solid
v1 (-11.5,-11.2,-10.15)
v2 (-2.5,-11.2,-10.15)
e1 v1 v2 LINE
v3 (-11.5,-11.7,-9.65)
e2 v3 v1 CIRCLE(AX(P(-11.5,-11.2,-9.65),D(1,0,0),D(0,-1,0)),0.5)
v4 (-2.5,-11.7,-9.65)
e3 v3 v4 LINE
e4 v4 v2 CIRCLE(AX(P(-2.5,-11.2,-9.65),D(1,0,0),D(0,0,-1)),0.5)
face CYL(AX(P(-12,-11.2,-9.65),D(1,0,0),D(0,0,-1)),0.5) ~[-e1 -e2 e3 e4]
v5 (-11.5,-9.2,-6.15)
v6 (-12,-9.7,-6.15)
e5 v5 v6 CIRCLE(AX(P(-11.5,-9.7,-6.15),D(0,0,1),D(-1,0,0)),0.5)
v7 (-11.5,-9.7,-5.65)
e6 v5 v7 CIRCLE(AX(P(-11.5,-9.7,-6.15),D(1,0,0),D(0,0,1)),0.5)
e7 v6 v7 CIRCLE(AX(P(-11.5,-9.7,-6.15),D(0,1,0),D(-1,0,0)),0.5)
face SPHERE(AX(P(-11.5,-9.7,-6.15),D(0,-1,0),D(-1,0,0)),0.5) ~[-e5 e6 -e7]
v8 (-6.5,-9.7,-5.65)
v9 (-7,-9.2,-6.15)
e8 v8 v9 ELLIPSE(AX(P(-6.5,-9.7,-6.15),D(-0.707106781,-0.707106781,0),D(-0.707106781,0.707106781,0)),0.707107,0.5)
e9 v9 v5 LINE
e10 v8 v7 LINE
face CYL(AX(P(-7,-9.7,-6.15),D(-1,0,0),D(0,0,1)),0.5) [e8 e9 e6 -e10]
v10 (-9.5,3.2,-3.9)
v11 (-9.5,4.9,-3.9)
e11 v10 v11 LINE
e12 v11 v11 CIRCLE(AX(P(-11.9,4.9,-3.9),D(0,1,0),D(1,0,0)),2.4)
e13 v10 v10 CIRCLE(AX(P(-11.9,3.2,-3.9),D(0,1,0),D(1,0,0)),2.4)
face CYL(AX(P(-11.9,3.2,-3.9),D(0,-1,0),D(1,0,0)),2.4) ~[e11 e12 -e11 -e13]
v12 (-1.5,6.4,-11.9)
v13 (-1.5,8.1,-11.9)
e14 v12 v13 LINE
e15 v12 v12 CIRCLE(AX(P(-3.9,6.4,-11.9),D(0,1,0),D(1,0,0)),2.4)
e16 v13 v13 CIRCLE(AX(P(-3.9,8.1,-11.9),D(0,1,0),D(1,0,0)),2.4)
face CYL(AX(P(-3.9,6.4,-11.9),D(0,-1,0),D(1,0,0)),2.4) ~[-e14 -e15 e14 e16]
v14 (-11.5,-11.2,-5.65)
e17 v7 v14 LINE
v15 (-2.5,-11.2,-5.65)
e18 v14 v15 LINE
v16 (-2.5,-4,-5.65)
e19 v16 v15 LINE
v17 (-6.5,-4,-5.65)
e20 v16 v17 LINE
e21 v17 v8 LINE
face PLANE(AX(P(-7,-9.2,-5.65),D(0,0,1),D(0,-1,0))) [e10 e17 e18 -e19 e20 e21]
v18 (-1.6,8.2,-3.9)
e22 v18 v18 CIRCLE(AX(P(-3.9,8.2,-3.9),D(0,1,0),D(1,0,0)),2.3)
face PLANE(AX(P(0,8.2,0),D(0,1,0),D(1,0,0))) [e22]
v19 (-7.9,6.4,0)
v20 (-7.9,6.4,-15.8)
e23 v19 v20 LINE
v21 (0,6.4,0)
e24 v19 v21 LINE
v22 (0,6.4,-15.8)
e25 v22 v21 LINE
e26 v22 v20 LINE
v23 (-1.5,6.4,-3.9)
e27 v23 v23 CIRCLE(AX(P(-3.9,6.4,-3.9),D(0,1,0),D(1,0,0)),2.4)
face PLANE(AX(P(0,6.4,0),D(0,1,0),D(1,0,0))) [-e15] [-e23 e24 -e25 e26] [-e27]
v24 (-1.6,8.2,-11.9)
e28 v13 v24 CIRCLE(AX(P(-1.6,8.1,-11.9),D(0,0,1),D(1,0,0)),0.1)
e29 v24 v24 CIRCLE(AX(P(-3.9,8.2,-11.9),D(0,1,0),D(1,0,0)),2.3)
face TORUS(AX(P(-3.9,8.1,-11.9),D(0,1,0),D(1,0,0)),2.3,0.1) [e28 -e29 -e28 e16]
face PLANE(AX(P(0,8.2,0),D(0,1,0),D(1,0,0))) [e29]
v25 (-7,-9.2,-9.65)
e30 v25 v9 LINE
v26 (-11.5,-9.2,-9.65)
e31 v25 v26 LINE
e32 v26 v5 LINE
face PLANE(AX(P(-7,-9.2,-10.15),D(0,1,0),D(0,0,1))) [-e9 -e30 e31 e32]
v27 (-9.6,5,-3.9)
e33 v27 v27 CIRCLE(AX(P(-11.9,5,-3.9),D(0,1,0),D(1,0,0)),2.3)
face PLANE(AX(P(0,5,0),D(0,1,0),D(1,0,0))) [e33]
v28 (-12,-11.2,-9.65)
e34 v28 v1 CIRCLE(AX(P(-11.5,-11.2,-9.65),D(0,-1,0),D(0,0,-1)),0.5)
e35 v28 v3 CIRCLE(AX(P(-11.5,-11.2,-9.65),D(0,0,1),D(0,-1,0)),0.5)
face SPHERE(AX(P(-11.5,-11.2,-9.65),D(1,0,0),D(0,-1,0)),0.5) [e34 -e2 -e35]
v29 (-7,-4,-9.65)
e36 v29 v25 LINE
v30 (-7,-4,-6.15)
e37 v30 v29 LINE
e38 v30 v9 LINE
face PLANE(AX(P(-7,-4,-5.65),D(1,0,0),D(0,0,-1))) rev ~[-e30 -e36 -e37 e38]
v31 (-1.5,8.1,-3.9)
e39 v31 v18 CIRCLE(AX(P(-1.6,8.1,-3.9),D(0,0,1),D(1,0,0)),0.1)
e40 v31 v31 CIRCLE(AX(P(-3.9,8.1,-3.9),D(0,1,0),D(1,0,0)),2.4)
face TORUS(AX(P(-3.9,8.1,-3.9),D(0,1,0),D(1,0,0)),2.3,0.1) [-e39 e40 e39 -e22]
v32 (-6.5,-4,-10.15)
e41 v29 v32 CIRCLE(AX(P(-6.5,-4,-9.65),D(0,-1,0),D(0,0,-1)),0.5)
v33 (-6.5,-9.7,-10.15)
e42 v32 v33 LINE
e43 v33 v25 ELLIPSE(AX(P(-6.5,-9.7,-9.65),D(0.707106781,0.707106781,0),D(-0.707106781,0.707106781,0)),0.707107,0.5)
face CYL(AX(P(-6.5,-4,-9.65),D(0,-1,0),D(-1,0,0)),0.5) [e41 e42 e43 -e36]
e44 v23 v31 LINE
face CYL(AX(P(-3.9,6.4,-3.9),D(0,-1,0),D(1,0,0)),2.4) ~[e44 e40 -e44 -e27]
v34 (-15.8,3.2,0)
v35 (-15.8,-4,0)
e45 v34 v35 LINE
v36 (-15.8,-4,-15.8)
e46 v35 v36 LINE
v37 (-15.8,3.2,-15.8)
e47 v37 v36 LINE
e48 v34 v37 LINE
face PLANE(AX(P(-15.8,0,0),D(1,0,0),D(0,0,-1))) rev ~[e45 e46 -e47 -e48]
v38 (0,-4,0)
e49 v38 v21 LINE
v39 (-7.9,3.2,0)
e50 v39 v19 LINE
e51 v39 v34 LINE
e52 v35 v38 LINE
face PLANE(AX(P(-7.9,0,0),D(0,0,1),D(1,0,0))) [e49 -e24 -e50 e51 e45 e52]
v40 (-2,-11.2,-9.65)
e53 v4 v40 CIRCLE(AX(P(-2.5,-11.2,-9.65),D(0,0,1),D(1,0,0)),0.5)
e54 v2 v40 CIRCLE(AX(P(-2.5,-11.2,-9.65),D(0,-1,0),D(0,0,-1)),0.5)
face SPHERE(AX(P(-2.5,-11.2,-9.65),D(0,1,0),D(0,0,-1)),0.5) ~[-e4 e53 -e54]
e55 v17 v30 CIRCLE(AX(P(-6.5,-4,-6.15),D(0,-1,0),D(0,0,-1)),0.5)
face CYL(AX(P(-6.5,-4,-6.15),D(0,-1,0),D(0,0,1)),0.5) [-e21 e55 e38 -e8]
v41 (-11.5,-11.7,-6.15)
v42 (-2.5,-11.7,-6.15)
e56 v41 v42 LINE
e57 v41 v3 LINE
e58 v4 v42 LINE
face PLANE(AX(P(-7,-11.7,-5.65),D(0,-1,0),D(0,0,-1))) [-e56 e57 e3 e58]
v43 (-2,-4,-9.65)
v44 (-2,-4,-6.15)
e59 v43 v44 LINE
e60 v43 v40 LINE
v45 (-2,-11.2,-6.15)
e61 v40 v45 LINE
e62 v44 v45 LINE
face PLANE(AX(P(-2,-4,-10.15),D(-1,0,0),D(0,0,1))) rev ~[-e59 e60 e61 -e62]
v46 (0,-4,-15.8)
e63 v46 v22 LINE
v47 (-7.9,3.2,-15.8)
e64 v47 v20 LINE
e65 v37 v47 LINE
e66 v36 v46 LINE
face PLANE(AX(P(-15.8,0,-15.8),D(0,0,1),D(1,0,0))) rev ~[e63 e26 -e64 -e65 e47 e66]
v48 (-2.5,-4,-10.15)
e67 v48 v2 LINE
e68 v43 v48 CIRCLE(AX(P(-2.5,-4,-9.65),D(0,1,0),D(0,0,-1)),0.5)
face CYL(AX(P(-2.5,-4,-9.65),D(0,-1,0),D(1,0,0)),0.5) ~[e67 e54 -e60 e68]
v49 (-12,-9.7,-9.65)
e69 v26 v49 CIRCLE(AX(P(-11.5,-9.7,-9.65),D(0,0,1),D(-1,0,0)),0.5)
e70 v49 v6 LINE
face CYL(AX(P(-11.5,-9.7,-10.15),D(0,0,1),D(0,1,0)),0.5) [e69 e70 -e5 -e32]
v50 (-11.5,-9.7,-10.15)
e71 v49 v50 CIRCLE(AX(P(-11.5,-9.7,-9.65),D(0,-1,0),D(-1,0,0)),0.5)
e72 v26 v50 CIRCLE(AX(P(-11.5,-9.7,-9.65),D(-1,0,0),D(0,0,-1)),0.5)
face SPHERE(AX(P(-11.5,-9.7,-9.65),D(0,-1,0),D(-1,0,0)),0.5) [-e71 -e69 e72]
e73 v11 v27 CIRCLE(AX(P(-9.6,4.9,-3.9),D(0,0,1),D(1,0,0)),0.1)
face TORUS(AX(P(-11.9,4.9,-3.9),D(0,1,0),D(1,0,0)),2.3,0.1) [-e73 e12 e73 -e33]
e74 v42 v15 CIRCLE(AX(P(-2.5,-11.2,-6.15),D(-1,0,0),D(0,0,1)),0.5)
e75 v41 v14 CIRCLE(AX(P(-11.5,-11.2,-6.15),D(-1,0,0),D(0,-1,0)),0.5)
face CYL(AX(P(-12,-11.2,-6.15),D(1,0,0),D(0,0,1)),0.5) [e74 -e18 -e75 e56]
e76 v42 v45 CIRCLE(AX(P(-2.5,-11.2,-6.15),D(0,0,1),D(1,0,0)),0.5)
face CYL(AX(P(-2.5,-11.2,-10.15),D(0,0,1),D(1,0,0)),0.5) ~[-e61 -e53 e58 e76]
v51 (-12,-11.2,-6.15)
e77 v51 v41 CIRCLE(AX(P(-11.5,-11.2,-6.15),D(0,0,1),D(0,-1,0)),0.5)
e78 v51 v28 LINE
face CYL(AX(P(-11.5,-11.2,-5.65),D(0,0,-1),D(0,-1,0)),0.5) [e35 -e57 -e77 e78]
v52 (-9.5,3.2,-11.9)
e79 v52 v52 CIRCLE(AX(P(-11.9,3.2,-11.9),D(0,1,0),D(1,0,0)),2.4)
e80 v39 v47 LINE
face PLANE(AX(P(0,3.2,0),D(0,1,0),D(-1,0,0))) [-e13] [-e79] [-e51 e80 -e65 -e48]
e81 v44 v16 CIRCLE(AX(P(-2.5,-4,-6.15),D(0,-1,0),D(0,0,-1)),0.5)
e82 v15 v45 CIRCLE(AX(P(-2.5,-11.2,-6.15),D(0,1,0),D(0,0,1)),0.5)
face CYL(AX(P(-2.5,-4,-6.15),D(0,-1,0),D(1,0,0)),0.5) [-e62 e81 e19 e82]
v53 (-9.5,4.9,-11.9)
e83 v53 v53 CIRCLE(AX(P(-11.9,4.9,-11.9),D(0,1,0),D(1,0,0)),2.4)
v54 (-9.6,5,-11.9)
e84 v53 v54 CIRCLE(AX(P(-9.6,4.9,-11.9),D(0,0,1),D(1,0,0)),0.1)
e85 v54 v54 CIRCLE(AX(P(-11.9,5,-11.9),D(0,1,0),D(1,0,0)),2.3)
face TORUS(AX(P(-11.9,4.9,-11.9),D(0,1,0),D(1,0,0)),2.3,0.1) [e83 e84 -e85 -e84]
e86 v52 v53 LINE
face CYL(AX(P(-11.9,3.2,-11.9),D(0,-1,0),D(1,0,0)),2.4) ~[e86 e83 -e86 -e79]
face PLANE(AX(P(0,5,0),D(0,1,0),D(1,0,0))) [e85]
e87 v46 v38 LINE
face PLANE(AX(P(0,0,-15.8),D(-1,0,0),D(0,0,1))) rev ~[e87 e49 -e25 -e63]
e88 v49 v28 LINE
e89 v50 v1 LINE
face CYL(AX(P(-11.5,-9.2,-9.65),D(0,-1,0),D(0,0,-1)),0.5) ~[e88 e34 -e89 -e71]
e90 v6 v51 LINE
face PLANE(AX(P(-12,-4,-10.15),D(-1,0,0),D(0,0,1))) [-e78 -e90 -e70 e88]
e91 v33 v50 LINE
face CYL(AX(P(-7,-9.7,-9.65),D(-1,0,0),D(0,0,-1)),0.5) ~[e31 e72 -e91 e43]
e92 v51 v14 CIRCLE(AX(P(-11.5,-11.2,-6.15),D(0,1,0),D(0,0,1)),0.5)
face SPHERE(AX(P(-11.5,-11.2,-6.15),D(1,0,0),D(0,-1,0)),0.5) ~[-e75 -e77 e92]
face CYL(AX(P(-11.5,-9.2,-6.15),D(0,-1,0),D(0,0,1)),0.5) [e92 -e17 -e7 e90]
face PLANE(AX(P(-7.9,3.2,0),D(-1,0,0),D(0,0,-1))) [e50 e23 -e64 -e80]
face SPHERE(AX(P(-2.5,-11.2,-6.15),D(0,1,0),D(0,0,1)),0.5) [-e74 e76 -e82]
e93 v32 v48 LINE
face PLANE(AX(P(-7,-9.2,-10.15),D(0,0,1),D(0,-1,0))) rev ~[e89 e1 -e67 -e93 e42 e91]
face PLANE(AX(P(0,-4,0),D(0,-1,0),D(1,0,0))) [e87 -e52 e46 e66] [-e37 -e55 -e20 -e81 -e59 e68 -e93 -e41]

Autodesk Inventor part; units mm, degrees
ref_plane "YZ Plane" through (0, 0, 0) normal (1, 0, 0) x (0, 1, 0)
ref_plane "XZ Plane" through (0, 0, 0) normal (0, 1, 0) x (-1, 0, 0)
ref_plane "XY Plane" through (0, 0, 0) normal (0, 0, 1) x (1, 0, 0)
sketch "Sketch1" plane through (0, 0, 0) normal (0, 1, 0) x (-1, 0, 0)
  line L0 (0, 0) -> (15.8, 0)
  line L1 (15.8, 0) -> (15.8, -15.8)
  line L2 (15.8, -15.8) -> (0, -15.8)
  line L3 (0, -15.8) -> (0, 0)
  dimension "d0" = 15.8
  dimension "d1" = 15.8
extrude "Extrusion1" add sketch "Sketch1" along normal blind 3.2
sketch "Sketch2" plane through (0, 3.2, 0) normal (0, 1, 0) x (1, 0, 0)
  line L0 (-15.8, 0) -> (0, 0) projected
  line L1 (0, 15.8) -> (-15.8, 15.8) projected
  line L2 (0, 0) -> (-7.9, 0)
  line L3 (-7.9, 0) -> (-7.9, 15.8)
  line L4 (-7.9, 15.8) -> (0, 15.8)
  line L5 (0, 15.8) -> (0, 0)
  dimension "d4" = 7.9
extrude "Extrusion2" add sketch "Sketch2" along normal blind 3.2
sketch "Sketch3" plane through (0, 6.4, 0) normal (0, 1, 0) x (1, 0, 0)
  circle A0 centre (-3.9, 11.9) radius 2.4
  line L0 (0, 15.8) -> (-7.9, 15.8) projected
  line L1 (0, 0) -> (0, 15.8) projected
  line L2 (0, 7.9) -> (-7.9, 7.9) construction
  line L3 (-7.9, 15.8) -> (-7.9, 0) construction
  circle A1 centre (-3.9, 3.9) radius 2.4
  dimension "d7" = 4.8
  dimension "d8" = 3.9
  dimension "d9" = 3.9
  dimension "d10" = 8
sketch "Sketch4" plane through (0, 3.2, 0) normal (0, 1, 0) x (1, 0, 0)
  circle A0 centre (-11.9, 11.9) radius 2.4
  line L0 (-7.9, 15.8) -> (-15.8, 15.8) projected
  line L1 (-15.8, 15.8) -> (-15.8, 0) projected
  line L2 (-7.9, 15.8) -> (-7.9, 0) construction
  line L3 (-7.9, 7.9) -> (-15.8, 7.9) construction
  circle A1 centre (-11.9, 3.9) radius 2.4
  point P0 (0, 0)
  dimension "d11" = 4.8
  dimension "d12" = 3.9
  dimension "d13" = 3.9
extrude "Extrusion3" add sketch "Sketch4" along normal blind 1.8
extrude "Extrusion4" add sketch "Sketch3" along normal blind 1.8
sketch "Sketch5" plane through (0, 0, 0) normal (0, -1, 0) x (1, 0, 0)
  point P0 (0, 0)
sketch "Sketch6" plane through (0, 0, 0) normal (0, -1, 0) x (1, 0, 0)
  point P0 (0, 0)
sketch "Sketch7" plane through (0, 0, 0) normal (0, -1, 0) x (1, 0, 0)
  line L0 (-7.9, 0) -> (0, 0) projected
  line L1 (0, 0) -> (-15.8, 0)
  line L2 (-15.8, 0) -> (-15.8, -15.8)
  line L3 (-15.8, -15.8) -> (0, -15.8)
  line L4 (0, -15.8) -> (0, 0)
extrude "Extrusion5" add sketch "Sketch7" along normal blind 4
sketch "Sketch8" plane through (0, -4, 0) normal (0, -1, 0) x (1, 0, 0)
  line L0 (-2, -5.65) -> (-7, -5.65)
  line L1 (-7, -5.65) -> (-7, -10.15)
  line L2 (-7, -10.15) -> (-2, -10.15)
  line L3 (-2, -10.15) -> (-2, -5.65)
  line L4 (0, 0) -> (0, -15.8) construction
  line L5 (0, -7.9) -> (-15.8, -7.9) construction
  line L6 (-15.8, -15.8) -> (-15.8, 0) construction
  point P0 (-2, -7.9)
  dimension "d20" = 4.5
  dimension "d21" = 5
  dimension "d22" = 0
  dimension "d24" = 7
extrude "Extrusion6" add sketch "Sketch8" along normal blind 7.7
sketch "Sketch9" plane through (-7, -4, -10.15) normal (-1, 0, 0) x (0, 0, 1)
  point P0 (10.15, 4)
sketch "Sketch10" plane through (-7, -4, -10.15) normal (-1, 0, 0) x (0, 0, 1)
  line L0 (4.5, 0) -> (4.5, -7.7) projected
  line L1 (0, 0) -> (0, -7.7) projected
  line L2 (4.5, -7.7) -> (0, -7.7)
  line L3 (0, -7.7) -> (0, -5.2)
  line L4 (0, -5.2) -> (4.5, -5.2)
  line L5 (4.5, -5.2) -> (4.5, -7.7)
  point P0 (10.15, 4)
  point P1 (0, -7.7)
  point P2 (4.5, -5.2)
  dimension "d27" = 2.5
extrude "Extrusion7" add sketch "Sketch10" along normal blind 5
fillet "Fillet1" radius 0.1 4 edges at (-6.3, 8.2, -3.9) (-14.3, 5, -3.9) (-14.3, 5, -11.9) (-6.3, 8.2, -11.9)
fillet "Fillet2" radius 0.5 13 edges at (-2, -7.85, -5.65) (-2, -7.85, -10.15) (-7, -11.7, -5.65) (-7, -11.7, -10.15) (-12, -11.7, -7.9) (-12, -10.45, -10.15) (-12, -10.45, -5.65) (-12, -9.2, -7.9) (-9.5, -9.2, -5.65) (-9.5, -9.2, -10.15) (-7, -6.6, -10.15) (-7, -6.6, -5.65) (-2, -11.7, -7.9)
properties part number "LEGO_hanging_brick"
